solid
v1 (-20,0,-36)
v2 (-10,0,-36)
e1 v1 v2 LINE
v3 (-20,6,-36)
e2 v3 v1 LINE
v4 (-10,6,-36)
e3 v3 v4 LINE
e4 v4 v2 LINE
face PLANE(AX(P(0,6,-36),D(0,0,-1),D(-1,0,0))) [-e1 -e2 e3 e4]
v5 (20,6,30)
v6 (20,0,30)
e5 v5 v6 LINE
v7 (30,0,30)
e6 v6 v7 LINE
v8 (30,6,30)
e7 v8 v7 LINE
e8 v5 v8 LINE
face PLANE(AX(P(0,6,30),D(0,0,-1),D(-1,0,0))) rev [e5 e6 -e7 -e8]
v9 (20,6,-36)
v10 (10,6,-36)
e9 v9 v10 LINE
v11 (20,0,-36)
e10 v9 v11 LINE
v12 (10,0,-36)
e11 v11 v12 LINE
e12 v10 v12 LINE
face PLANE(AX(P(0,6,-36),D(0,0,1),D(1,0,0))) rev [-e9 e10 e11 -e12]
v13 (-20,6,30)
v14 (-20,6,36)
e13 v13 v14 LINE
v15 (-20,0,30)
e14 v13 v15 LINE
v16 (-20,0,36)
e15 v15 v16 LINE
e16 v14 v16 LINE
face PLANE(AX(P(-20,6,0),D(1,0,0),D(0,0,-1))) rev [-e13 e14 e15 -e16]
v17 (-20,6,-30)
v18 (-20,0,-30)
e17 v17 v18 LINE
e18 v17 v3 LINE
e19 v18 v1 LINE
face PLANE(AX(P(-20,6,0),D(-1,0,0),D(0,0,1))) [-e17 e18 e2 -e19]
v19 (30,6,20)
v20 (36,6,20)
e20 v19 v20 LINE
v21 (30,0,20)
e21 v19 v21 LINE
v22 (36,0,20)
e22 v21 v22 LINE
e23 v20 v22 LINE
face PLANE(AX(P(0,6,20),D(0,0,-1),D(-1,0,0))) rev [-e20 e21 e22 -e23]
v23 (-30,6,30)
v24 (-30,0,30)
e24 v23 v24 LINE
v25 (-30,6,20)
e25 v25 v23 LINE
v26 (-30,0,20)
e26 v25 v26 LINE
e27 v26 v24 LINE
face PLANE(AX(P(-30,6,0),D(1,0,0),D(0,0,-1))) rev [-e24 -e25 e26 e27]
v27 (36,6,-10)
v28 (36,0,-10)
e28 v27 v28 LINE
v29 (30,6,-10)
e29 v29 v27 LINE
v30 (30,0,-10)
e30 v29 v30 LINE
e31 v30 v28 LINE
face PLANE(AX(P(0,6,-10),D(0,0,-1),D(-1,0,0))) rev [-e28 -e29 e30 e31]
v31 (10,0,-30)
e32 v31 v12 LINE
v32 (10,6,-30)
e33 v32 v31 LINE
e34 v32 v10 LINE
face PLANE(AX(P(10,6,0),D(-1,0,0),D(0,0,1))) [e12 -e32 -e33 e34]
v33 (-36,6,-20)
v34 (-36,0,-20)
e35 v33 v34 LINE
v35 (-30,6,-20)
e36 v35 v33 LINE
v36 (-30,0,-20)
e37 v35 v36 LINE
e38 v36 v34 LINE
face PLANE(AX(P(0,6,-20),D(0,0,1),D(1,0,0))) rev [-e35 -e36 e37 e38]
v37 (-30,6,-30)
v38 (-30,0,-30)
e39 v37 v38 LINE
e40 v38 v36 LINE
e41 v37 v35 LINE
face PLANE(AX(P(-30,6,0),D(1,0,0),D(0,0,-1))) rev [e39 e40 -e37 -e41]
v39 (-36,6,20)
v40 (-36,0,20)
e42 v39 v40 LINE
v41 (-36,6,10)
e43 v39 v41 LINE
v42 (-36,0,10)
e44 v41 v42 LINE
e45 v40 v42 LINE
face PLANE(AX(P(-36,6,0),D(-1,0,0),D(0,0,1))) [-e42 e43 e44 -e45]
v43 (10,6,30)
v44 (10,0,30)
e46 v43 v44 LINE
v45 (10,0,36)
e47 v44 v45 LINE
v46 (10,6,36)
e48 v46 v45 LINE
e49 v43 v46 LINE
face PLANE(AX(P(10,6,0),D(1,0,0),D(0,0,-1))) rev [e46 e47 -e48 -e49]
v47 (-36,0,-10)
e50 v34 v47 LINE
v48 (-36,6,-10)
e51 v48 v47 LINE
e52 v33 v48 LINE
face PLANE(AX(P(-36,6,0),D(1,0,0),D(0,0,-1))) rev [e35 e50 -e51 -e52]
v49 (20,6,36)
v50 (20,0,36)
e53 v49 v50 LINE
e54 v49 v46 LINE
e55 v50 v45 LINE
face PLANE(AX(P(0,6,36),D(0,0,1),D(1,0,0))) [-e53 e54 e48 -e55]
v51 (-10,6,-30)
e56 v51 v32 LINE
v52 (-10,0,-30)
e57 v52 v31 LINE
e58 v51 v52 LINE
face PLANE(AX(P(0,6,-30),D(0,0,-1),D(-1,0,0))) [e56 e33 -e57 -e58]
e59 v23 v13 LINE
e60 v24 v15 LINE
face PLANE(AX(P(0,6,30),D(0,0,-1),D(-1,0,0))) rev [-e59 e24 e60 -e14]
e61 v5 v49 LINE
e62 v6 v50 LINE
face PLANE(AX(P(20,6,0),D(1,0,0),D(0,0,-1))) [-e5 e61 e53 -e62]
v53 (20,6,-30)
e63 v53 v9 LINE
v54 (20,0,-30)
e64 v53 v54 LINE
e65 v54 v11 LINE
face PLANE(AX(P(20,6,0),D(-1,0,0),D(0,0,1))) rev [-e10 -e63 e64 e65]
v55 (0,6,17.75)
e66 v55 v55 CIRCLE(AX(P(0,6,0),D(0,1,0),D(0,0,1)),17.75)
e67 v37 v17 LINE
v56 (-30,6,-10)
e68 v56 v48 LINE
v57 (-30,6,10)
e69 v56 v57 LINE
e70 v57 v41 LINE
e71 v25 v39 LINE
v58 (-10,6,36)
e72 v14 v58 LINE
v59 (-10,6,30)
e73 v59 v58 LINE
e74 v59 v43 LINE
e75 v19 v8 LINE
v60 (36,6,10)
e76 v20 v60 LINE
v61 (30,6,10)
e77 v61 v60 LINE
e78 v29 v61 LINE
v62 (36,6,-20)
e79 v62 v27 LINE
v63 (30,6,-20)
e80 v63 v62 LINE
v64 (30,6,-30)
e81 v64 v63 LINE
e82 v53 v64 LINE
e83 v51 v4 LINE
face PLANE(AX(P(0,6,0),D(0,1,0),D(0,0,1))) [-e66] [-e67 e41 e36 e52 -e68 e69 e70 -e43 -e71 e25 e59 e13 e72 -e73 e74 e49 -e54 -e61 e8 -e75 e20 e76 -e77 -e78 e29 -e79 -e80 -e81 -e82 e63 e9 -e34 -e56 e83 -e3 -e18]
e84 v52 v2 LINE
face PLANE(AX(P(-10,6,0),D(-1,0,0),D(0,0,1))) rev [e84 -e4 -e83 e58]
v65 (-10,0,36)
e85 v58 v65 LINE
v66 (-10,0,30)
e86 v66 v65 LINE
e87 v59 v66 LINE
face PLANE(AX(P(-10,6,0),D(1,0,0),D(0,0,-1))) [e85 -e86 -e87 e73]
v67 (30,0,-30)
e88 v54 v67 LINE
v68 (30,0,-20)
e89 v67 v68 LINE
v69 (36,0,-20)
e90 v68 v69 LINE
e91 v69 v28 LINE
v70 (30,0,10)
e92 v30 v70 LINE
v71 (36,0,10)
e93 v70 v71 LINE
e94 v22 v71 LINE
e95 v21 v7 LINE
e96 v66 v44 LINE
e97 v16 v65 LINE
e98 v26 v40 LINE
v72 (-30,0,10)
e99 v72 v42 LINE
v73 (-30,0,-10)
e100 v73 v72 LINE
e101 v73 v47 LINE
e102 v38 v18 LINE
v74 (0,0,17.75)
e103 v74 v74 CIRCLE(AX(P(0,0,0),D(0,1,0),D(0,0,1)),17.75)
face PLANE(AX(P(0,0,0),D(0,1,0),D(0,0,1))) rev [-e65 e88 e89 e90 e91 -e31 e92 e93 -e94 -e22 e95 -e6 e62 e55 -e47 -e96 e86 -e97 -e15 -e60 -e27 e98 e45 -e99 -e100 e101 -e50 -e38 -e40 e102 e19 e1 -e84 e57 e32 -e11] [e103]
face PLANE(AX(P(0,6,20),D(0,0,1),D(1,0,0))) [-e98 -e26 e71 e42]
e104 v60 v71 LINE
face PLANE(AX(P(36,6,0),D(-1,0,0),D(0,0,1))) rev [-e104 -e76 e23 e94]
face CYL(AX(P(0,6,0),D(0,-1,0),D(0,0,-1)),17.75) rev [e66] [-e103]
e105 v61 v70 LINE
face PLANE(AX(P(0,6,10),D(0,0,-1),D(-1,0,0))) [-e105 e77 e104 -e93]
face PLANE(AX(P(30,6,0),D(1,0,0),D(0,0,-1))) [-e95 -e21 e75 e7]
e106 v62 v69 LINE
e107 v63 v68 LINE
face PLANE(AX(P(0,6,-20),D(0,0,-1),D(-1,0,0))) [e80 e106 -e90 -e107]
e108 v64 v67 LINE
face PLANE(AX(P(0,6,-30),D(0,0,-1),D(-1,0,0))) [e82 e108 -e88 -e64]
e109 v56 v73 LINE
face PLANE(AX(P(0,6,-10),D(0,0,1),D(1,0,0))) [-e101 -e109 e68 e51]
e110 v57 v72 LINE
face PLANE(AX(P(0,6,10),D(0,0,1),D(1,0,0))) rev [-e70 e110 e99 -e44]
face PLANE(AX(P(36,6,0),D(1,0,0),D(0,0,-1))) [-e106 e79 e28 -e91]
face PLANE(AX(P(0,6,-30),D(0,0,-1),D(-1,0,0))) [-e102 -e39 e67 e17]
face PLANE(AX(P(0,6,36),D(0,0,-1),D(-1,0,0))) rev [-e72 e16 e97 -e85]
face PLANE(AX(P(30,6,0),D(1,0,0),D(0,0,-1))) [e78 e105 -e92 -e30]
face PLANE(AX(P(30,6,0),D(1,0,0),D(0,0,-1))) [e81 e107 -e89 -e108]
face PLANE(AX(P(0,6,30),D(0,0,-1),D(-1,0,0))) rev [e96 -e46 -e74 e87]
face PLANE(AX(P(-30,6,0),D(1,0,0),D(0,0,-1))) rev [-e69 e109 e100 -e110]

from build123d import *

# Parameters (mm, degrees)
SKETCH1_W           = 60
SKETCH1_H           = 60
SKETCH1_R           = 17.75
SKETCH1_W_2         = 10
SKETCH1_H_2         = 6
SKETCH1_W_3         = 6
SKETCH1_H_3         = 10
BOSS_EXTRUDE1_DEPTH = 6


with BuildPart() as part:
    # Sketch1 → Boss-Extrude1 (new body)
    # profile 1 of 9: a face of its own
    with BuildSketch(Plane(origin=(0, 0, 0), x_dir=(1, 0, 0), z_dir=(0, 1, 0))):
        Rectangle(SKETCH1_W, SKETCH1_H)
        with Locations(Location((0, 0, 0), (0, 0, 270))):
            Circle(SKETCH1_R, mode=Mode.SUBTRACT)
    # profile 2 of 9: a face of its own
    with BuildSketch(Plane(origin=(0, 0, 0), x_dir=(1, 0, 0), z_dir=(0, 1, 0))):
        with Locations((15, -33)):
            Rectangle(SKETCH1_W_2, SKETCH1_H_2)
    # profile 3 of 9: a face of its own
    with BuildSketch(Plane(origin=(0, 0, 0), x_dir=(1, 0, 0), z_dir=(0, 1, 0))):
        with Locations((-15, -33)):
            Rectangle(SKETCH1_W_2, SKETCH1_H_2)
    # profile 4 of 9: a face of its own
    with BuildSketch(Plane(origin=(0, 0, 0), x_dir=(1, 0, 0), z_dir=(0, 1, 0))):
        with Locations((-33, -15)):
            Rectangle(SKETCH1_W_3, SKETCH1_H_3)
    # profile 5 of 9: a face of its own
    with BuildSketch(Plane(origin=(0, 0, 0), x_dir=(1, 0, 0), z_dir=(0, 1, 0))):
        with Locations((-33, 15)):
            Rectangle(SKETCH1_W_3, SKETCH1_H_3)
    # profile 6 of 9: a face of its own
    with BuildSketch(Plane(origin=(0, 0, 0), x_dir=(1, 0, 0), z_dir=(0, 1, 0))):
        with Locations((-15, 33)):
            Rectangle(SKETCH1_W_2, SKETCH1_H_2)
    # profile 7 of 9: a face of its own
    with BuildSketch(Plane(origin=(0, 0, 0), x_dir=(1, 0, 0), z_dir=(0, 1, 0))):
        with Locations((15, 33)):
            Rectangle(SKETCH1_W_2, SKETCH1_H_2)
    # profile 8 of 9: a face of its own
    with BuildSketch(Plane(origin=(0, 0, 0), x_dir=(1, 0, 0), z_dir=(0, 1, 0))):
        with Locations((33, 15)):
            Rectangle(SKETCH1_W_3, SKETCH1_H_3)
    # profile 9 of 9: a face of its own
    with BuildSketch(Plane(origin=(0, 0, 0), x_dir=(1, 0, 0), z_dir=(0, 1, 0))):
        with Locations((33, -15)):
            Rectangle(SKETCH1_W_3, SKETCH1_H_3)
    extrude(amount=BOSS_EXTRUDE1_DEPTH)


solid = part.part
